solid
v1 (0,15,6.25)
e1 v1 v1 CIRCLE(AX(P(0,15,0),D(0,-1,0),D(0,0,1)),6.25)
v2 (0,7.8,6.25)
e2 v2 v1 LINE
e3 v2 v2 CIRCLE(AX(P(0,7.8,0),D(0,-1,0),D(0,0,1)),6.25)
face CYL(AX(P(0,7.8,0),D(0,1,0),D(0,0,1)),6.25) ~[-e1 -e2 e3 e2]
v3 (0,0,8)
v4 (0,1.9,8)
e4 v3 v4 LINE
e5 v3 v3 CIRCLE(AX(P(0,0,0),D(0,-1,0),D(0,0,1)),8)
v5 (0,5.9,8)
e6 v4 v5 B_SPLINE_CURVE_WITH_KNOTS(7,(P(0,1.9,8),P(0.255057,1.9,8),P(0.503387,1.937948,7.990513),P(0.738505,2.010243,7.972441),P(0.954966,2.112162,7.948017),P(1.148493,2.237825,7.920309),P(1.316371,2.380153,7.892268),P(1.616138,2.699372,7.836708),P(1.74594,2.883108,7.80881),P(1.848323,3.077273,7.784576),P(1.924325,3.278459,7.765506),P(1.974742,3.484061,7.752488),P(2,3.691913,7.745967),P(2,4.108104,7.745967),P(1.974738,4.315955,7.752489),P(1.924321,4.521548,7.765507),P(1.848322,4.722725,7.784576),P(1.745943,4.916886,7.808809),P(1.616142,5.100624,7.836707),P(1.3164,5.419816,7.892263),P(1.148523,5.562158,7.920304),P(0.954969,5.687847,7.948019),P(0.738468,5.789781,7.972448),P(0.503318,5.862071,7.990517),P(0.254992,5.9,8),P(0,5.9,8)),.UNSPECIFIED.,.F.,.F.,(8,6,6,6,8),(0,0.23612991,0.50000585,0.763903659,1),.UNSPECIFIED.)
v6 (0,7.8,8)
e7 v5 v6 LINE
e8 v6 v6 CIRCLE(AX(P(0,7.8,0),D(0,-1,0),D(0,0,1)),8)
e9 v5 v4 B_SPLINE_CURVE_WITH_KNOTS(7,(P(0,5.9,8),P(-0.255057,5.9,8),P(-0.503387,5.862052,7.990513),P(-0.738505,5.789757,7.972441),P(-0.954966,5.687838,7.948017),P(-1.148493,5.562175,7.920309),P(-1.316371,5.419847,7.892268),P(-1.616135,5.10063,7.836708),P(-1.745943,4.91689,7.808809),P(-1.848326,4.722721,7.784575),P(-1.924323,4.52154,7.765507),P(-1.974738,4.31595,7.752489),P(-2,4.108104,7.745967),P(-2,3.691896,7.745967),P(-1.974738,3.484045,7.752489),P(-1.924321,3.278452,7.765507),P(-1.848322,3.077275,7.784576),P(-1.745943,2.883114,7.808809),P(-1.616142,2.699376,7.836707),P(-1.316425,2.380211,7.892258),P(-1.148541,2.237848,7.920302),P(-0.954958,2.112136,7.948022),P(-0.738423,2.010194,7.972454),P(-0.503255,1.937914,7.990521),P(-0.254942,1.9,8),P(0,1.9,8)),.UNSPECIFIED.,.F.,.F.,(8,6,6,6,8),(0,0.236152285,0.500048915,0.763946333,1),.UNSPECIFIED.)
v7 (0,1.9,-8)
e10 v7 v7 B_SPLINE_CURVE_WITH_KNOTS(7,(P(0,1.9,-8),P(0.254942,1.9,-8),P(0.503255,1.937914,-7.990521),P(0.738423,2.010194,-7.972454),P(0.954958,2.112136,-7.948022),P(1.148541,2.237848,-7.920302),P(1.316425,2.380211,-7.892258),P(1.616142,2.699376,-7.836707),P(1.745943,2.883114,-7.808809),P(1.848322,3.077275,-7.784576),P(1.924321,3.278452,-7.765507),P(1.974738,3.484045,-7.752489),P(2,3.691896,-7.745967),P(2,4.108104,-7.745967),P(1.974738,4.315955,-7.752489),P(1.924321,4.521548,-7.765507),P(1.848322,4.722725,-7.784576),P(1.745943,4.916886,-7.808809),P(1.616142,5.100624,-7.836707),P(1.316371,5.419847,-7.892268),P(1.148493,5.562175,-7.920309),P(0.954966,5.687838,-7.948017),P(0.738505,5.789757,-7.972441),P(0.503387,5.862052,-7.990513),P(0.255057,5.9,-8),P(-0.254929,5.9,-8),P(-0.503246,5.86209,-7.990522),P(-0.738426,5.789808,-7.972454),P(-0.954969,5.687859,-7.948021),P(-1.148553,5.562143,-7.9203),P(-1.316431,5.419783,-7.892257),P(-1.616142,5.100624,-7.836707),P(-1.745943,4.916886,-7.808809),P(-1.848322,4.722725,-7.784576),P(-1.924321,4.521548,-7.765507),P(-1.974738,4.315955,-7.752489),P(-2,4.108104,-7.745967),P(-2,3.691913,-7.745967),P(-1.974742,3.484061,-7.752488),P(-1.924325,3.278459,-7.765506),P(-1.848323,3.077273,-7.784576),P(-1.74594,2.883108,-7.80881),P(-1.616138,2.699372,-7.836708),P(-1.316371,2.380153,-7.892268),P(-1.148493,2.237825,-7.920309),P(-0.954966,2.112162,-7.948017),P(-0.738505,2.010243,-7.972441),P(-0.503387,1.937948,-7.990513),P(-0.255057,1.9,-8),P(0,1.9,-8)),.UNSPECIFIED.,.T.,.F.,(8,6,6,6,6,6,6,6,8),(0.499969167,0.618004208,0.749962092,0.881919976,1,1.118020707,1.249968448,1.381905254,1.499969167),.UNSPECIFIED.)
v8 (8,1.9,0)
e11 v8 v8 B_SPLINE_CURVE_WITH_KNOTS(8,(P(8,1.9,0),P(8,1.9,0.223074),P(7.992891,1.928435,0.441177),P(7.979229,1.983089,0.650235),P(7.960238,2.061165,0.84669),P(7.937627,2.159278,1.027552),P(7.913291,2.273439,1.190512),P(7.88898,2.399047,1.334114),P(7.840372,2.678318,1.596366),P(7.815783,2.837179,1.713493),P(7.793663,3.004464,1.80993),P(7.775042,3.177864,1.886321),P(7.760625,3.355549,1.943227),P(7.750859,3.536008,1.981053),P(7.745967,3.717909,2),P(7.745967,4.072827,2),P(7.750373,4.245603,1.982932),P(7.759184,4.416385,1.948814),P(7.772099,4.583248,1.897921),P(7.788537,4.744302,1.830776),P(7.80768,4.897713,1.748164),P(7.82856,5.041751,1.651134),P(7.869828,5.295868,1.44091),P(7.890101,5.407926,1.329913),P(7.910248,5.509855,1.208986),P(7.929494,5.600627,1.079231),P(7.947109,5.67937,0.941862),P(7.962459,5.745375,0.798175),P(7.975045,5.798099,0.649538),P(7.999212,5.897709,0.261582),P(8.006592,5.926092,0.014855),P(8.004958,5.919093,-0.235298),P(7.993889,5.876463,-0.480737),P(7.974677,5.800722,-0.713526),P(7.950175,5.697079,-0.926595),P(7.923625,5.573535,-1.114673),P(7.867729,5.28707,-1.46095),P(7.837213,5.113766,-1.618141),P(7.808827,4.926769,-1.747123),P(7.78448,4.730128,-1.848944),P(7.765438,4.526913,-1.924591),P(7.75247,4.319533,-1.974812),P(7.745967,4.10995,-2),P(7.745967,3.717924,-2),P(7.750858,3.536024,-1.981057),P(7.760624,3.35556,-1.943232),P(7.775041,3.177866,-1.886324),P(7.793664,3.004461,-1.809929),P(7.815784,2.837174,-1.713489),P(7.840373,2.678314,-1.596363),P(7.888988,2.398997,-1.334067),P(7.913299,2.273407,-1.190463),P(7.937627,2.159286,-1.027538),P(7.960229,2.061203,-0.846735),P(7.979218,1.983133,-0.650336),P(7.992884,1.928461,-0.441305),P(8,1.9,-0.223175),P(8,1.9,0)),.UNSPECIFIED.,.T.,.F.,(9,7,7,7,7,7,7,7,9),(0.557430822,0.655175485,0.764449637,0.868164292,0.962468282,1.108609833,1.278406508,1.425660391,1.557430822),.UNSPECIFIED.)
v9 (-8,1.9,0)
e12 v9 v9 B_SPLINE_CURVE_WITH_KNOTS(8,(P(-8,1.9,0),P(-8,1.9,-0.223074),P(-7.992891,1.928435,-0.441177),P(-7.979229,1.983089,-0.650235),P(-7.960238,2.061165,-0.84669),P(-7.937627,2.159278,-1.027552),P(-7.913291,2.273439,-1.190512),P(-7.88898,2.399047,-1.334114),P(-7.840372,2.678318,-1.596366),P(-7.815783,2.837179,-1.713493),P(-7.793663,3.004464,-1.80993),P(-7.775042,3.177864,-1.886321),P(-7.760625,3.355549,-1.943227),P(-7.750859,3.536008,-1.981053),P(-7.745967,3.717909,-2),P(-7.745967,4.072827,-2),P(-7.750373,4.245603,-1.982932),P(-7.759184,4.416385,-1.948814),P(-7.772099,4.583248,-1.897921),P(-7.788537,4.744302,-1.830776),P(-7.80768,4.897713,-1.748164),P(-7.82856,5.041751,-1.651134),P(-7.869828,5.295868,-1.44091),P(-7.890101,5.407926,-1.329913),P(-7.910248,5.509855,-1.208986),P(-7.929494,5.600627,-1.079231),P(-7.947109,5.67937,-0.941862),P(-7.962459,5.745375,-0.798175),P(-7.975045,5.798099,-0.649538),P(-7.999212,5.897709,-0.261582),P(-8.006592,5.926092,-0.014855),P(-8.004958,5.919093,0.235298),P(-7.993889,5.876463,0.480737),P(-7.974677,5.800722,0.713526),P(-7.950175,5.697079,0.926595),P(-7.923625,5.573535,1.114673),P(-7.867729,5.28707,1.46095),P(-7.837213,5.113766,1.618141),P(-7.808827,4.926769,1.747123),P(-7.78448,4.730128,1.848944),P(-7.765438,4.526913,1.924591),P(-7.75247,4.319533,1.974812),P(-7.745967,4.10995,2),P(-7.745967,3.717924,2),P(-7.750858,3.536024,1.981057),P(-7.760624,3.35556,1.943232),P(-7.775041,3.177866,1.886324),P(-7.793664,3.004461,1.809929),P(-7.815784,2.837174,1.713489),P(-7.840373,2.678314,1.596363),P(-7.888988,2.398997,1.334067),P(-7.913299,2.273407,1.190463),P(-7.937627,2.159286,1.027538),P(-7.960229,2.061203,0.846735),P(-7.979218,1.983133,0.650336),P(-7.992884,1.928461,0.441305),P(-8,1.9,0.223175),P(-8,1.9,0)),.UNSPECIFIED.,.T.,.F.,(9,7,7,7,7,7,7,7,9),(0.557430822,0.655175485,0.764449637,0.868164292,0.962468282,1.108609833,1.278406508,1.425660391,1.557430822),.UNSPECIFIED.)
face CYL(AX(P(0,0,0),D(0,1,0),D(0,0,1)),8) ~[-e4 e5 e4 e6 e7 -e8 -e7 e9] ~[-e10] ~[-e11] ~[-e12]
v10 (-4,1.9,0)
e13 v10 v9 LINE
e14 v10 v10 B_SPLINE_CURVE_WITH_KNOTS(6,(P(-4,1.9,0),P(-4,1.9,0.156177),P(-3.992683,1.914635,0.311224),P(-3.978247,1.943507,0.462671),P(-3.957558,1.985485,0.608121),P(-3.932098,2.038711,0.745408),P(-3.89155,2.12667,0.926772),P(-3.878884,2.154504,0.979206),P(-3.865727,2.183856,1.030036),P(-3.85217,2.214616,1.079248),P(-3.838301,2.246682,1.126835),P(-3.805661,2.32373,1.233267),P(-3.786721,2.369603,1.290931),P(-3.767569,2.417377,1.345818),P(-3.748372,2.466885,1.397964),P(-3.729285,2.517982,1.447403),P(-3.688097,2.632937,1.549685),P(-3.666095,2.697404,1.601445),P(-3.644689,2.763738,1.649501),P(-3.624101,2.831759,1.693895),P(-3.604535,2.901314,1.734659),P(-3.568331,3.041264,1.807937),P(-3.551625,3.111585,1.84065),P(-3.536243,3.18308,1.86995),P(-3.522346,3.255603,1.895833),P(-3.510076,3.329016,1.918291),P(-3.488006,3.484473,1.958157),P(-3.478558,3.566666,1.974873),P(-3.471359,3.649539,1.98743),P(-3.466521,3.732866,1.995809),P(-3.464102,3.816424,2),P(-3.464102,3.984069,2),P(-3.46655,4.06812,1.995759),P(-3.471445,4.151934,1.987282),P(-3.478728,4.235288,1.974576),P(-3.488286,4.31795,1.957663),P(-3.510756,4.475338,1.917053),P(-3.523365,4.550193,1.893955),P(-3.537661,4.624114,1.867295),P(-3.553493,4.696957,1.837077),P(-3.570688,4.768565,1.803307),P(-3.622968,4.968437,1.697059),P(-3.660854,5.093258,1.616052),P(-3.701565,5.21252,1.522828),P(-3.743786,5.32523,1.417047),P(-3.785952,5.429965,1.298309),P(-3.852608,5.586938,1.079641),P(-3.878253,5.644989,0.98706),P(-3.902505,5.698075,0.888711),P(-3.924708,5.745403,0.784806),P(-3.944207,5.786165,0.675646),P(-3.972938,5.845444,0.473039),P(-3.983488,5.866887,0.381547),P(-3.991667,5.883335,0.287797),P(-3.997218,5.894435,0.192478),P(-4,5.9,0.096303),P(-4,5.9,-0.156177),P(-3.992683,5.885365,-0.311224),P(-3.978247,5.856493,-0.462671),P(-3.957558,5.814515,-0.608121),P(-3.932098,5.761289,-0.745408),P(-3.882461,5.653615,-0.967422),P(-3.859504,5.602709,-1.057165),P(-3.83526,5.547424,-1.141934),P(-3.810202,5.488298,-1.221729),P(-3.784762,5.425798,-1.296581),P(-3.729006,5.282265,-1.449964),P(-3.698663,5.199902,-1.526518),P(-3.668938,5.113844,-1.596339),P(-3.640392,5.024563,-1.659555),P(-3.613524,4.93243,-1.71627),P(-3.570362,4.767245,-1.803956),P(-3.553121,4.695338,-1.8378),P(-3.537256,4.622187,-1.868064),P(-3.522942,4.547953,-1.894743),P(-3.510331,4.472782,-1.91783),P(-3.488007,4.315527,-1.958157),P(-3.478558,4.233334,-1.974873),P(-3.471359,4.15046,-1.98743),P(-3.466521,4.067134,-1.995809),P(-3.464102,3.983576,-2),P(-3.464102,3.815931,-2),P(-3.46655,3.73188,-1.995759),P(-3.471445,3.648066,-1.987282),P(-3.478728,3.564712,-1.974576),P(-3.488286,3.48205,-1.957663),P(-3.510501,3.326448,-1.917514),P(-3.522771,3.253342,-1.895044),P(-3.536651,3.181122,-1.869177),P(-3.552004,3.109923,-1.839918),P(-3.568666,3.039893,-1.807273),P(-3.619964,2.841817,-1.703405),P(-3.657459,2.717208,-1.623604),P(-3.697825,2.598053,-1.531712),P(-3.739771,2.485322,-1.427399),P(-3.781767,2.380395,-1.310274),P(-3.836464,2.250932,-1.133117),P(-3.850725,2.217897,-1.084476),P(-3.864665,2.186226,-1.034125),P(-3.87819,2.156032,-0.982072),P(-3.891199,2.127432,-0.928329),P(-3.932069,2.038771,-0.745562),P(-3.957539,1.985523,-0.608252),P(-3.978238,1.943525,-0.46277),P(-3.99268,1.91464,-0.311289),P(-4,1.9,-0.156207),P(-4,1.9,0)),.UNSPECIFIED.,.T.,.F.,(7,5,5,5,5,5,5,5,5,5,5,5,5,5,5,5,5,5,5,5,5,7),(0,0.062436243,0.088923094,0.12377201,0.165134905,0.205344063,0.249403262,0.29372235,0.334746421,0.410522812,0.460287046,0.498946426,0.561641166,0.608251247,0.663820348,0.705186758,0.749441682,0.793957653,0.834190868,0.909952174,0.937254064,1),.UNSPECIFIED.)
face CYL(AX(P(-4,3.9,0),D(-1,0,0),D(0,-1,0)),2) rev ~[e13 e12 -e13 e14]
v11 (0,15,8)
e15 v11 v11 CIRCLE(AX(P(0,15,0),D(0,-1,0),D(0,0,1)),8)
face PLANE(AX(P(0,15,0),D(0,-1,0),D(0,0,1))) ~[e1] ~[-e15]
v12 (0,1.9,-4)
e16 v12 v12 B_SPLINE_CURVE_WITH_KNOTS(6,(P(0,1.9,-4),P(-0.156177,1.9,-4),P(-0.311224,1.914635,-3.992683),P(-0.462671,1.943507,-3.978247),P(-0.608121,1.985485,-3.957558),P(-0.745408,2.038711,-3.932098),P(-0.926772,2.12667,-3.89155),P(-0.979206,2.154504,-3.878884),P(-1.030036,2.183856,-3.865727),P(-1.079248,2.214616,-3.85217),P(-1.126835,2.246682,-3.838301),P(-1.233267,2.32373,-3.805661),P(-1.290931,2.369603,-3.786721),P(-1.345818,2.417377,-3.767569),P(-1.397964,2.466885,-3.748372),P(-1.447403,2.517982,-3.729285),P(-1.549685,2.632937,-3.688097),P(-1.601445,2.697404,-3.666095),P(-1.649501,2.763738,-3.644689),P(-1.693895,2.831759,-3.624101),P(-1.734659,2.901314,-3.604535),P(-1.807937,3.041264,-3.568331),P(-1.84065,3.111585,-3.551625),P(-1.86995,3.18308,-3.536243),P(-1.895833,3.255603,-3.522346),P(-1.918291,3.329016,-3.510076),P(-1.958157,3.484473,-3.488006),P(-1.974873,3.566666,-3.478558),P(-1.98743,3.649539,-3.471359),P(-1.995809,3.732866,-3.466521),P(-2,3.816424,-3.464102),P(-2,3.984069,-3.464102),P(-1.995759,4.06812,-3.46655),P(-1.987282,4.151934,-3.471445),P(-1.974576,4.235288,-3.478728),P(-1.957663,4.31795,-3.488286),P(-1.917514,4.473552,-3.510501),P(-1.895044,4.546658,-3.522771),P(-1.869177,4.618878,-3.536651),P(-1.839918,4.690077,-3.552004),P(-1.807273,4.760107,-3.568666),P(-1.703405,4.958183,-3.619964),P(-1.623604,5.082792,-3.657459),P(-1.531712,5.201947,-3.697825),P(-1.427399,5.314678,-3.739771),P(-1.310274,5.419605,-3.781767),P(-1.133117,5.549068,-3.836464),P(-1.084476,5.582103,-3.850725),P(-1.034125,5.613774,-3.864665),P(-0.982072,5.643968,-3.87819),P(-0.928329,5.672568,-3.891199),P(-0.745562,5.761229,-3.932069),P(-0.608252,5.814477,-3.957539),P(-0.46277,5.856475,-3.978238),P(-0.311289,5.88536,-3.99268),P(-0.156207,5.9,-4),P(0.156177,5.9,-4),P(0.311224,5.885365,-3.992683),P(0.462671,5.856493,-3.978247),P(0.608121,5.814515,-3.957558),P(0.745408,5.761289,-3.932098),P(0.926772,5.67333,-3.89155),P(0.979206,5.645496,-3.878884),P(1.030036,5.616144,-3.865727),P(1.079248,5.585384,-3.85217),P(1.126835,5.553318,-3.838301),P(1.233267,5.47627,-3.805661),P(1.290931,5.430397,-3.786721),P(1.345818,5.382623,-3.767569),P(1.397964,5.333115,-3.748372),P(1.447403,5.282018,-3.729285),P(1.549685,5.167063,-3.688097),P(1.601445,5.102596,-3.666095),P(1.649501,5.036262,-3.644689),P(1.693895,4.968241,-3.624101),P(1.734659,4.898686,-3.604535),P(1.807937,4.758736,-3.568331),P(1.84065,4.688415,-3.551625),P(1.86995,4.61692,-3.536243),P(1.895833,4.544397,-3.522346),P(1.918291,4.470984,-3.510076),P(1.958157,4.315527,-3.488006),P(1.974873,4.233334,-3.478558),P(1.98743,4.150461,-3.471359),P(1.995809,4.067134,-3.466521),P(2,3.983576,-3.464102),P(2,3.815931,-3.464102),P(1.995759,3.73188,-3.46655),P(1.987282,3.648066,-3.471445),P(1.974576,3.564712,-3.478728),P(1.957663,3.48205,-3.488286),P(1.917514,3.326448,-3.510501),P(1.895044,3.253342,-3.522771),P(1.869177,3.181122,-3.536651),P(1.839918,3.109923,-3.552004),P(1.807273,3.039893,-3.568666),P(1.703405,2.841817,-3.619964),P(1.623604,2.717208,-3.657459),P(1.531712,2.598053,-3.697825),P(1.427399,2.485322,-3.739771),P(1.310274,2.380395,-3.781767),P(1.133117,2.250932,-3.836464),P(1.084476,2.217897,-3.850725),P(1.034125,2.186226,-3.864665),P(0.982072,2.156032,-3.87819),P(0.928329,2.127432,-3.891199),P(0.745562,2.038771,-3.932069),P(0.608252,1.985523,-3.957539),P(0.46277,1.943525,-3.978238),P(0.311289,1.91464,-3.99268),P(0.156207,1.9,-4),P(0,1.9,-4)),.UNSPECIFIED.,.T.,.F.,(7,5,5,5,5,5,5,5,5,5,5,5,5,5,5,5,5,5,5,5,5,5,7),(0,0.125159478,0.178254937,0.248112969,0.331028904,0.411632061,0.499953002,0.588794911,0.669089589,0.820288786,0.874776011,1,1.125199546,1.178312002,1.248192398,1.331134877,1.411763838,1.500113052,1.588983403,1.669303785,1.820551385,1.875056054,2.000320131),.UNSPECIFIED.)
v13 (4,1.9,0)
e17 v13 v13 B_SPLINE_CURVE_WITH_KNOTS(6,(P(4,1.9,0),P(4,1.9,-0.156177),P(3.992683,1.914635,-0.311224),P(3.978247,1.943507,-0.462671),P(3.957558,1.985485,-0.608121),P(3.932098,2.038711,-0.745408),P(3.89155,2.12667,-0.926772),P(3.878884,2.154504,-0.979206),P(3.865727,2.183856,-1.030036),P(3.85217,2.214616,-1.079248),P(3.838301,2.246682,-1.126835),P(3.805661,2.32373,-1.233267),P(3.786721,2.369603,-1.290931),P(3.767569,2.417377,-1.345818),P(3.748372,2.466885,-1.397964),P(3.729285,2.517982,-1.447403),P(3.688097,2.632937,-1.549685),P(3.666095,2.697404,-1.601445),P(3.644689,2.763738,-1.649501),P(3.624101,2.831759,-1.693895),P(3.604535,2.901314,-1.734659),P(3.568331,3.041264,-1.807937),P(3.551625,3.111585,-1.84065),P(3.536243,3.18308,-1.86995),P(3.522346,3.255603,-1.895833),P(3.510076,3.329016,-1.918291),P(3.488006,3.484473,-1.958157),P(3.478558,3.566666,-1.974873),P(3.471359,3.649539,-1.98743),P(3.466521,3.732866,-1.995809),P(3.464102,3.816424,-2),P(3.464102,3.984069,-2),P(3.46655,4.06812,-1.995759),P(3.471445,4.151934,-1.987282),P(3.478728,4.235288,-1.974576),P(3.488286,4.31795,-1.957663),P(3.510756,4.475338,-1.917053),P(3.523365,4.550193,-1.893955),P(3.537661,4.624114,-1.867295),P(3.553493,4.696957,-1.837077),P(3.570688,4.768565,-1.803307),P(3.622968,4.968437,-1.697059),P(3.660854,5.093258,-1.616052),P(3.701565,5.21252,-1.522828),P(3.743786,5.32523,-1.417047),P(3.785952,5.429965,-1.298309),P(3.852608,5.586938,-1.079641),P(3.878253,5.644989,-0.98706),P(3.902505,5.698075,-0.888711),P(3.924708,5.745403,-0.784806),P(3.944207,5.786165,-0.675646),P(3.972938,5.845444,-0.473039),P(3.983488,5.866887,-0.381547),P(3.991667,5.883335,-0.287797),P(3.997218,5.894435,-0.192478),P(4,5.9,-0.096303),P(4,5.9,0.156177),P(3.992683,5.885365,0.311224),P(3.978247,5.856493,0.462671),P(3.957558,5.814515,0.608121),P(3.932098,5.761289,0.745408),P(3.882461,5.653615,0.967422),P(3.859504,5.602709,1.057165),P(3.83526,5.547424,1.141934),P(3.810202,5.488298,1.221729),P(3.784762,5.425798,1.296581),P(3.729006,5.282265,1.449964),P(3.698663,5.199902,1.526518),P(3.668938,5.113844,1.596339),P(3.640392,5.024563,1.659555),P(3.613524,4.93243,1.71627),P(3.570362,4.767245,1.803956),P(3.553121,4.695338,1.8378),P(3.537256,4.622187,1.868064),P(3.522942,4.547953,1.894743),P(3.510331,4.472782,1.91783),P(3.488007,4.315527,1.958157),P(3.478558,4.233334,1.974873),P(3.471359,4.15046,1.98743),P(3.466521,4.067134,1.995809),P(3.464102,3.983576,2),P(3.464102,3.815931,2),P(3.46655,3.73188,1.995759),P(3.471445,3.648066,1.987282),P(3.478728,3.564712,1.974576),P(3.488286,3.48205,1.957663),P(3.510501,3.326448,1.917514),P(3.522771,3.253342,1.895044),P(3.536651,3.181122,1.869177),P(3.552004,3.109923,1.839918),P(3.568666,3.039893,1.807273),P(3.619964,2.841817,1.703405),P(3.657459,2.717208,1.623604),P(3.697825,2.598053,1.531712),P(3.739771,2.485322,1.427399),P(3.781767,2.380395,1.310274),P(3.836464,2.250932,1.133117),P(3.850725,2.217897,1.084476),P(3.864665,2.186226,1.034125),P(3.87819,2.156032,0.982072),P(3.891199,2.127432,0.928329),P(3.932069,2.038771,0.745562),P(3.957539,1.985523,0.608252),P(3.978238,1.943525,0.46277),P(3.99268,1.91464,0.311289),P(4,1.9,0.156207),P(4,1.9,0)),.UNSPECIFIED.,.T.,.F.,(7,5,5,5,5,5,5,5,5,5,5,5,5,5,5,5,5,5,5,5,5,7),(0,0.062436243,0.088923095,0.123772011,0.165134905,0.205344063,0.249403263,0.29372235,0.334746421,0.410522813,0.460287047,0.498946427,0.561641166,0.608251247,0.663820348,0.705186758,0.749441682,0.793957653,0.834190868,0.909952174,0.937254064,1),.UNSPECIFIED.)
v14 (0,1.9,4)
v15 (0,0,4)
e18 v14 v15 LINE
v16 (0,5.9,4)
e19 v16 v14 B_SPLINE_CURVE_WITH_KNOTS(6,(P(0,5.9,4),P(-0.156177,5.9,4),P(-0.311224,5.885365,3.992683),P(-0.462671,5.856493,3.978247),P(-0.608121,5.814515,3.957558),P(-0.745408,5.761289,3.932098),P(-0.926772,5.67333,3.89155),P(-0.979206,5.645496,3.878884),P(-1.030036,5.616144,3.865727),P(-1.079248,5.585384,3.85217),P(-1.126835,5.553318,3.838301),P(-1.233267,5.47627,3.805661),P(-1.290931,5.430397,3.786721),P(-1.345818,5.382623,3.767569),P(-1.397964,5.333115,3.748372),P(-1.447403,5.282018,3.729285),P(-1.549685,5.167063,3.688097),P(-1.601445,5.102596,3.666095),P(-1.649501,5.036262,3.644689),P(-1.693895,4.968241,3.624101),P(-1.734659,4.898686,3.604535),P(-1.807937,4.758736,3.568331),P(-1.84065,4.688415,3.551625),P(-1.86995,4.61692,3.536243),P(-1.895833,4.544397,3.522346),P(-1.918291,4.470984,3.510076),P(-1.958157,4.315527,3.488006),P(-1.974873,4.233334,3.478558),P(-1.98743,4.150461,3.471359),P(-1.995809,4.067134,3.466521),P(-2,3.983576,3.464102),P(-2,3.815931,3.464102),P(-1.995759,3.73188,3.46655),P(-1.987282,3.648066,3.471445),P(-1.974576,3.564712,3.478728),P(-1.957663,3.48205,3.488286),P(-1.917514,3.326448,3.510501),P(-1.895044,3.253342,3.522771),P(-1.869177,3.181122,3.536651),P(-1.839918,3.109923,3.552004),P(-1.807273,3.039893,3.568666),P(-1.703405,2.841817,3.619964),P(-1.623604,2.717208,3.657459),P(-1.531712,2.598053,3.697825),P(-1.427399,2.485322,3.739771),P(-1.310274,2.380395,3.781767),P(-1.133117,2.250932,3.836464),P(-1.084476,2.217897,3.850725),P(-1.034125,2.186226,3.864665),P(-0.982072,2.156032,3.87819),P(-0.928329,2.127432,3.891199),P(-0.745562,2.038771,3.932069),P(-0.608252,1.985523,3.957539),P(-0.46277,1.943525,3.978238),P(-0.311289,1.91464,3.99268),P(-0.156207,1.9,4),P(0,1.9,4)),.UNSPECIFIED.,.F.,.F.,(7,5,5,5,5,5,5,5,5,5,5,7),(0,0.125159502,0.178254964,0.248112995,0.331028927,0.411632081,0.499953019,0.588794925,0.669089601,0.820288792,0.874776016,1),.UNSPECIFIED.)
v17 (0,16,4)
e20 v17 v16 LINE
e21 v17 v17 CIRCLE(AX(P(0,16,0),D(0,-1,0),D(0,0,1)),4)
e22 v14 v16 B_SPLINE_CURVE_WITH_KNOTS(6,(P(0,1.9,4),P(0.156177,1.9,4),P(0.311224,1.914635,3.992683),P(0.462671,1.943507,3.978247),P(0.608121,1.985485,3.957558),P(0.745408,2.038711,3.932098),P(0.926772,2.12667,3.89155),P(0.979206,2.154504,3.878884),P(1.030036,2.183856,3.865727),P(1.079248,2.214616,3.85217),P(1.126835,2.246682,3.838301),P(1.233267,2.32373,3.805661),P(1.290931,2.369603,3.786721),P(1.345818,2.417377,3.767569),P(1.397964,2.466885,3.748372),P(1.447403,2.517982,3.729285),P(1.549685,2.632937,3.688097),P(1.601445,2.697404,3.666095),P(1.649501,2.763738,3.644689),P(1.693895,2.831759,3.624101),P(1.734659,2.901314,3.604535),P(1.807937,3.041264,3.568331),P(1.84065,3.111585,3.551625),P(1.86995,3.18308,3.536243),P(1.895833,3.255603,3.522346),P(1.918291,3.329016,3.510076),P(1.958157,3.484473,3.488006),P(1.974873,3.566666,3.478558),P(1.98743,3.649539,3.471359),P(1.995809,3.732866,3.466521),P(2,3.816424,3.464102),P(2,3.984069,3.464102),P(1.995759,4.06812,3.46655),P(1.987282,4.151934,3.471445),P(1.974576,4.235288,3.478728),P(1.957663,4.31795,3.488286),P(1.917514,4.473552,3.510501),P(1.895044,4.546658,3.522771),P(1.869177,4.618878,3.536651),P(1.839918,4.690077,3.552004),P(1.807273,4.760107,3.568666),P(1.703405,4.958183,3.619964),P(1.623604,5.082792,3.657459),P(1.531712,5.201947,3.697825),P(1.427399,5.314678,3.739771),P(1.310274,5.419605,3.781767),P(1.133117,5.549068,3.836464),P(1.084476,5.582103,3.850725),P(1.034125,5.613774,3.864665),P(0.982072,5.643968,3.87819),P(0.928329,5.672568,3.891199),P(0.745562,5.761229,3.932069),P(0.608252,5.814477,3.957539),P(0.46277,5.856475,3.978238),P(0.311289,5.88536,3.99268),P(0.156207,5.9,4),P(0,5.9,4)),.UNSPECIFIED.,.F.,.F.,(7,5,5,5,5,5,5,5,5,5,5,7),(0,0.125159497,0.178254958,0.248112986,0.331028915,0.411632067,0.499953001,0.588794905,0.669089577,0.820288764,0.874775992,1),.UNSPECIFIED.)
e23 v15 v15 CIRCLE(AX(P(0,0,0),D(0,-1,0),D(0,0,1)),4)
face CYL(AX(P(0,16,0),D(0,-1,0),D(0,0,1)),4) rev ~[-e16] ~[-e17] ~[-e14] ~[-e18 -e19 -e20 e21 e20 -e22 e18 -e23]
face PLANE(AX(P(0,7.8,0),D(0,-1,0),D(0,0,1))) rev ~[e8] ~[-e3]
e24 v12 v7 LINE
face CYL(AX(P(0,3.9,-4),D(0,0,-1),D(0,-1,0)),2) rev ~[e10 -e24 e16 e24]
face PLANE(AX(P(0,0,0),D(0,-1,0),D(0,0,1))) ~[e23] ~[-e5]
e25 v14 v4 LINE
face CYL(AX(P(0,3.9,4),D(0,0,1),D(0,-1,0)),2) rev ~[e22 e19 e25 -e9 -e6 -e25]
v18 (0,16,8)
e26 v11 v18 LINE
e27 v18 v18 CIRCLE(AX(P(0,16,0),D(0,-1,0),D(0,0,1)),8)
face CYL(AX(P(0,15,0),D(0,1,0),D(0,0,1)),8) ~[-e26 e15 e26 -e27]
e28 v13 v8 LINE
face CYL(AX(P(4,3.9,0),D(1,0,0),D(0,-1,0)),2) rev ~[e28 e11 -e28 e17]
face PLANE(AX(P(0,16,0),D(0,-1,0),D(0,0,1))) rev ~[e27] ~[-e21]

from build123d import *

# Parameters (mm, degrees)
SKETCH2_W         = 2
SKETCH2_H         = 8
CIRPATTERN1_COUNT = 4


with BuildPart() as part:
    # Sketch1 → Revolve1 (revolve)
    with BuildSketch(Plane.XY, mode=Mode.PRIVATE) as revolve1_sk:
        Polygon((-4, 0), (-8, 0), (-8, 7.8), (-6.25, 7.8), (-6.25, 15), (-8, 15), (-8, 16), (-4, 16), align=None)
    revolve(revolve1_sk.sketch.rotate(Axis((0, 17.601415094, 0), (0, -1, 0)), 270), axis=Axis((0, 17.601415094, 0), (0, -1, 0)))

    # Sketch2 → Ø4.0 (4) Diameter Hole1 (revolve, cut)
    with BuildSketch(Plane(origin=(0, 3.9, 0), x_dir=(0, -1, 0), z_dir=(1, 0, 0))):
        with Locations((1, 4)):
            Rectangle(SKETCH2_W, SKETCH2_H)
    f_4_0_4_diameter_hole1 = revolve(axis=Axis((0, 3.9, 6.35), (0, 0, -1)), mode=Mode.SUBTRACT)

    # CirPattern1: Ø4.0 (4) Diameter Hole1 ×4 about axis
    cirpattern1_axis = Axis((0, 0, 0), (0, 1, 0))
    for i in range(1, CIRPATTERN1_COUNT):
        add(f_4_0_4_diameter_hole1.rotate(cirpattern1_axis, i * 360 / CIRPATTERN1_COUNT), mode=Mode.SUBTRACT)


solid = part.part
